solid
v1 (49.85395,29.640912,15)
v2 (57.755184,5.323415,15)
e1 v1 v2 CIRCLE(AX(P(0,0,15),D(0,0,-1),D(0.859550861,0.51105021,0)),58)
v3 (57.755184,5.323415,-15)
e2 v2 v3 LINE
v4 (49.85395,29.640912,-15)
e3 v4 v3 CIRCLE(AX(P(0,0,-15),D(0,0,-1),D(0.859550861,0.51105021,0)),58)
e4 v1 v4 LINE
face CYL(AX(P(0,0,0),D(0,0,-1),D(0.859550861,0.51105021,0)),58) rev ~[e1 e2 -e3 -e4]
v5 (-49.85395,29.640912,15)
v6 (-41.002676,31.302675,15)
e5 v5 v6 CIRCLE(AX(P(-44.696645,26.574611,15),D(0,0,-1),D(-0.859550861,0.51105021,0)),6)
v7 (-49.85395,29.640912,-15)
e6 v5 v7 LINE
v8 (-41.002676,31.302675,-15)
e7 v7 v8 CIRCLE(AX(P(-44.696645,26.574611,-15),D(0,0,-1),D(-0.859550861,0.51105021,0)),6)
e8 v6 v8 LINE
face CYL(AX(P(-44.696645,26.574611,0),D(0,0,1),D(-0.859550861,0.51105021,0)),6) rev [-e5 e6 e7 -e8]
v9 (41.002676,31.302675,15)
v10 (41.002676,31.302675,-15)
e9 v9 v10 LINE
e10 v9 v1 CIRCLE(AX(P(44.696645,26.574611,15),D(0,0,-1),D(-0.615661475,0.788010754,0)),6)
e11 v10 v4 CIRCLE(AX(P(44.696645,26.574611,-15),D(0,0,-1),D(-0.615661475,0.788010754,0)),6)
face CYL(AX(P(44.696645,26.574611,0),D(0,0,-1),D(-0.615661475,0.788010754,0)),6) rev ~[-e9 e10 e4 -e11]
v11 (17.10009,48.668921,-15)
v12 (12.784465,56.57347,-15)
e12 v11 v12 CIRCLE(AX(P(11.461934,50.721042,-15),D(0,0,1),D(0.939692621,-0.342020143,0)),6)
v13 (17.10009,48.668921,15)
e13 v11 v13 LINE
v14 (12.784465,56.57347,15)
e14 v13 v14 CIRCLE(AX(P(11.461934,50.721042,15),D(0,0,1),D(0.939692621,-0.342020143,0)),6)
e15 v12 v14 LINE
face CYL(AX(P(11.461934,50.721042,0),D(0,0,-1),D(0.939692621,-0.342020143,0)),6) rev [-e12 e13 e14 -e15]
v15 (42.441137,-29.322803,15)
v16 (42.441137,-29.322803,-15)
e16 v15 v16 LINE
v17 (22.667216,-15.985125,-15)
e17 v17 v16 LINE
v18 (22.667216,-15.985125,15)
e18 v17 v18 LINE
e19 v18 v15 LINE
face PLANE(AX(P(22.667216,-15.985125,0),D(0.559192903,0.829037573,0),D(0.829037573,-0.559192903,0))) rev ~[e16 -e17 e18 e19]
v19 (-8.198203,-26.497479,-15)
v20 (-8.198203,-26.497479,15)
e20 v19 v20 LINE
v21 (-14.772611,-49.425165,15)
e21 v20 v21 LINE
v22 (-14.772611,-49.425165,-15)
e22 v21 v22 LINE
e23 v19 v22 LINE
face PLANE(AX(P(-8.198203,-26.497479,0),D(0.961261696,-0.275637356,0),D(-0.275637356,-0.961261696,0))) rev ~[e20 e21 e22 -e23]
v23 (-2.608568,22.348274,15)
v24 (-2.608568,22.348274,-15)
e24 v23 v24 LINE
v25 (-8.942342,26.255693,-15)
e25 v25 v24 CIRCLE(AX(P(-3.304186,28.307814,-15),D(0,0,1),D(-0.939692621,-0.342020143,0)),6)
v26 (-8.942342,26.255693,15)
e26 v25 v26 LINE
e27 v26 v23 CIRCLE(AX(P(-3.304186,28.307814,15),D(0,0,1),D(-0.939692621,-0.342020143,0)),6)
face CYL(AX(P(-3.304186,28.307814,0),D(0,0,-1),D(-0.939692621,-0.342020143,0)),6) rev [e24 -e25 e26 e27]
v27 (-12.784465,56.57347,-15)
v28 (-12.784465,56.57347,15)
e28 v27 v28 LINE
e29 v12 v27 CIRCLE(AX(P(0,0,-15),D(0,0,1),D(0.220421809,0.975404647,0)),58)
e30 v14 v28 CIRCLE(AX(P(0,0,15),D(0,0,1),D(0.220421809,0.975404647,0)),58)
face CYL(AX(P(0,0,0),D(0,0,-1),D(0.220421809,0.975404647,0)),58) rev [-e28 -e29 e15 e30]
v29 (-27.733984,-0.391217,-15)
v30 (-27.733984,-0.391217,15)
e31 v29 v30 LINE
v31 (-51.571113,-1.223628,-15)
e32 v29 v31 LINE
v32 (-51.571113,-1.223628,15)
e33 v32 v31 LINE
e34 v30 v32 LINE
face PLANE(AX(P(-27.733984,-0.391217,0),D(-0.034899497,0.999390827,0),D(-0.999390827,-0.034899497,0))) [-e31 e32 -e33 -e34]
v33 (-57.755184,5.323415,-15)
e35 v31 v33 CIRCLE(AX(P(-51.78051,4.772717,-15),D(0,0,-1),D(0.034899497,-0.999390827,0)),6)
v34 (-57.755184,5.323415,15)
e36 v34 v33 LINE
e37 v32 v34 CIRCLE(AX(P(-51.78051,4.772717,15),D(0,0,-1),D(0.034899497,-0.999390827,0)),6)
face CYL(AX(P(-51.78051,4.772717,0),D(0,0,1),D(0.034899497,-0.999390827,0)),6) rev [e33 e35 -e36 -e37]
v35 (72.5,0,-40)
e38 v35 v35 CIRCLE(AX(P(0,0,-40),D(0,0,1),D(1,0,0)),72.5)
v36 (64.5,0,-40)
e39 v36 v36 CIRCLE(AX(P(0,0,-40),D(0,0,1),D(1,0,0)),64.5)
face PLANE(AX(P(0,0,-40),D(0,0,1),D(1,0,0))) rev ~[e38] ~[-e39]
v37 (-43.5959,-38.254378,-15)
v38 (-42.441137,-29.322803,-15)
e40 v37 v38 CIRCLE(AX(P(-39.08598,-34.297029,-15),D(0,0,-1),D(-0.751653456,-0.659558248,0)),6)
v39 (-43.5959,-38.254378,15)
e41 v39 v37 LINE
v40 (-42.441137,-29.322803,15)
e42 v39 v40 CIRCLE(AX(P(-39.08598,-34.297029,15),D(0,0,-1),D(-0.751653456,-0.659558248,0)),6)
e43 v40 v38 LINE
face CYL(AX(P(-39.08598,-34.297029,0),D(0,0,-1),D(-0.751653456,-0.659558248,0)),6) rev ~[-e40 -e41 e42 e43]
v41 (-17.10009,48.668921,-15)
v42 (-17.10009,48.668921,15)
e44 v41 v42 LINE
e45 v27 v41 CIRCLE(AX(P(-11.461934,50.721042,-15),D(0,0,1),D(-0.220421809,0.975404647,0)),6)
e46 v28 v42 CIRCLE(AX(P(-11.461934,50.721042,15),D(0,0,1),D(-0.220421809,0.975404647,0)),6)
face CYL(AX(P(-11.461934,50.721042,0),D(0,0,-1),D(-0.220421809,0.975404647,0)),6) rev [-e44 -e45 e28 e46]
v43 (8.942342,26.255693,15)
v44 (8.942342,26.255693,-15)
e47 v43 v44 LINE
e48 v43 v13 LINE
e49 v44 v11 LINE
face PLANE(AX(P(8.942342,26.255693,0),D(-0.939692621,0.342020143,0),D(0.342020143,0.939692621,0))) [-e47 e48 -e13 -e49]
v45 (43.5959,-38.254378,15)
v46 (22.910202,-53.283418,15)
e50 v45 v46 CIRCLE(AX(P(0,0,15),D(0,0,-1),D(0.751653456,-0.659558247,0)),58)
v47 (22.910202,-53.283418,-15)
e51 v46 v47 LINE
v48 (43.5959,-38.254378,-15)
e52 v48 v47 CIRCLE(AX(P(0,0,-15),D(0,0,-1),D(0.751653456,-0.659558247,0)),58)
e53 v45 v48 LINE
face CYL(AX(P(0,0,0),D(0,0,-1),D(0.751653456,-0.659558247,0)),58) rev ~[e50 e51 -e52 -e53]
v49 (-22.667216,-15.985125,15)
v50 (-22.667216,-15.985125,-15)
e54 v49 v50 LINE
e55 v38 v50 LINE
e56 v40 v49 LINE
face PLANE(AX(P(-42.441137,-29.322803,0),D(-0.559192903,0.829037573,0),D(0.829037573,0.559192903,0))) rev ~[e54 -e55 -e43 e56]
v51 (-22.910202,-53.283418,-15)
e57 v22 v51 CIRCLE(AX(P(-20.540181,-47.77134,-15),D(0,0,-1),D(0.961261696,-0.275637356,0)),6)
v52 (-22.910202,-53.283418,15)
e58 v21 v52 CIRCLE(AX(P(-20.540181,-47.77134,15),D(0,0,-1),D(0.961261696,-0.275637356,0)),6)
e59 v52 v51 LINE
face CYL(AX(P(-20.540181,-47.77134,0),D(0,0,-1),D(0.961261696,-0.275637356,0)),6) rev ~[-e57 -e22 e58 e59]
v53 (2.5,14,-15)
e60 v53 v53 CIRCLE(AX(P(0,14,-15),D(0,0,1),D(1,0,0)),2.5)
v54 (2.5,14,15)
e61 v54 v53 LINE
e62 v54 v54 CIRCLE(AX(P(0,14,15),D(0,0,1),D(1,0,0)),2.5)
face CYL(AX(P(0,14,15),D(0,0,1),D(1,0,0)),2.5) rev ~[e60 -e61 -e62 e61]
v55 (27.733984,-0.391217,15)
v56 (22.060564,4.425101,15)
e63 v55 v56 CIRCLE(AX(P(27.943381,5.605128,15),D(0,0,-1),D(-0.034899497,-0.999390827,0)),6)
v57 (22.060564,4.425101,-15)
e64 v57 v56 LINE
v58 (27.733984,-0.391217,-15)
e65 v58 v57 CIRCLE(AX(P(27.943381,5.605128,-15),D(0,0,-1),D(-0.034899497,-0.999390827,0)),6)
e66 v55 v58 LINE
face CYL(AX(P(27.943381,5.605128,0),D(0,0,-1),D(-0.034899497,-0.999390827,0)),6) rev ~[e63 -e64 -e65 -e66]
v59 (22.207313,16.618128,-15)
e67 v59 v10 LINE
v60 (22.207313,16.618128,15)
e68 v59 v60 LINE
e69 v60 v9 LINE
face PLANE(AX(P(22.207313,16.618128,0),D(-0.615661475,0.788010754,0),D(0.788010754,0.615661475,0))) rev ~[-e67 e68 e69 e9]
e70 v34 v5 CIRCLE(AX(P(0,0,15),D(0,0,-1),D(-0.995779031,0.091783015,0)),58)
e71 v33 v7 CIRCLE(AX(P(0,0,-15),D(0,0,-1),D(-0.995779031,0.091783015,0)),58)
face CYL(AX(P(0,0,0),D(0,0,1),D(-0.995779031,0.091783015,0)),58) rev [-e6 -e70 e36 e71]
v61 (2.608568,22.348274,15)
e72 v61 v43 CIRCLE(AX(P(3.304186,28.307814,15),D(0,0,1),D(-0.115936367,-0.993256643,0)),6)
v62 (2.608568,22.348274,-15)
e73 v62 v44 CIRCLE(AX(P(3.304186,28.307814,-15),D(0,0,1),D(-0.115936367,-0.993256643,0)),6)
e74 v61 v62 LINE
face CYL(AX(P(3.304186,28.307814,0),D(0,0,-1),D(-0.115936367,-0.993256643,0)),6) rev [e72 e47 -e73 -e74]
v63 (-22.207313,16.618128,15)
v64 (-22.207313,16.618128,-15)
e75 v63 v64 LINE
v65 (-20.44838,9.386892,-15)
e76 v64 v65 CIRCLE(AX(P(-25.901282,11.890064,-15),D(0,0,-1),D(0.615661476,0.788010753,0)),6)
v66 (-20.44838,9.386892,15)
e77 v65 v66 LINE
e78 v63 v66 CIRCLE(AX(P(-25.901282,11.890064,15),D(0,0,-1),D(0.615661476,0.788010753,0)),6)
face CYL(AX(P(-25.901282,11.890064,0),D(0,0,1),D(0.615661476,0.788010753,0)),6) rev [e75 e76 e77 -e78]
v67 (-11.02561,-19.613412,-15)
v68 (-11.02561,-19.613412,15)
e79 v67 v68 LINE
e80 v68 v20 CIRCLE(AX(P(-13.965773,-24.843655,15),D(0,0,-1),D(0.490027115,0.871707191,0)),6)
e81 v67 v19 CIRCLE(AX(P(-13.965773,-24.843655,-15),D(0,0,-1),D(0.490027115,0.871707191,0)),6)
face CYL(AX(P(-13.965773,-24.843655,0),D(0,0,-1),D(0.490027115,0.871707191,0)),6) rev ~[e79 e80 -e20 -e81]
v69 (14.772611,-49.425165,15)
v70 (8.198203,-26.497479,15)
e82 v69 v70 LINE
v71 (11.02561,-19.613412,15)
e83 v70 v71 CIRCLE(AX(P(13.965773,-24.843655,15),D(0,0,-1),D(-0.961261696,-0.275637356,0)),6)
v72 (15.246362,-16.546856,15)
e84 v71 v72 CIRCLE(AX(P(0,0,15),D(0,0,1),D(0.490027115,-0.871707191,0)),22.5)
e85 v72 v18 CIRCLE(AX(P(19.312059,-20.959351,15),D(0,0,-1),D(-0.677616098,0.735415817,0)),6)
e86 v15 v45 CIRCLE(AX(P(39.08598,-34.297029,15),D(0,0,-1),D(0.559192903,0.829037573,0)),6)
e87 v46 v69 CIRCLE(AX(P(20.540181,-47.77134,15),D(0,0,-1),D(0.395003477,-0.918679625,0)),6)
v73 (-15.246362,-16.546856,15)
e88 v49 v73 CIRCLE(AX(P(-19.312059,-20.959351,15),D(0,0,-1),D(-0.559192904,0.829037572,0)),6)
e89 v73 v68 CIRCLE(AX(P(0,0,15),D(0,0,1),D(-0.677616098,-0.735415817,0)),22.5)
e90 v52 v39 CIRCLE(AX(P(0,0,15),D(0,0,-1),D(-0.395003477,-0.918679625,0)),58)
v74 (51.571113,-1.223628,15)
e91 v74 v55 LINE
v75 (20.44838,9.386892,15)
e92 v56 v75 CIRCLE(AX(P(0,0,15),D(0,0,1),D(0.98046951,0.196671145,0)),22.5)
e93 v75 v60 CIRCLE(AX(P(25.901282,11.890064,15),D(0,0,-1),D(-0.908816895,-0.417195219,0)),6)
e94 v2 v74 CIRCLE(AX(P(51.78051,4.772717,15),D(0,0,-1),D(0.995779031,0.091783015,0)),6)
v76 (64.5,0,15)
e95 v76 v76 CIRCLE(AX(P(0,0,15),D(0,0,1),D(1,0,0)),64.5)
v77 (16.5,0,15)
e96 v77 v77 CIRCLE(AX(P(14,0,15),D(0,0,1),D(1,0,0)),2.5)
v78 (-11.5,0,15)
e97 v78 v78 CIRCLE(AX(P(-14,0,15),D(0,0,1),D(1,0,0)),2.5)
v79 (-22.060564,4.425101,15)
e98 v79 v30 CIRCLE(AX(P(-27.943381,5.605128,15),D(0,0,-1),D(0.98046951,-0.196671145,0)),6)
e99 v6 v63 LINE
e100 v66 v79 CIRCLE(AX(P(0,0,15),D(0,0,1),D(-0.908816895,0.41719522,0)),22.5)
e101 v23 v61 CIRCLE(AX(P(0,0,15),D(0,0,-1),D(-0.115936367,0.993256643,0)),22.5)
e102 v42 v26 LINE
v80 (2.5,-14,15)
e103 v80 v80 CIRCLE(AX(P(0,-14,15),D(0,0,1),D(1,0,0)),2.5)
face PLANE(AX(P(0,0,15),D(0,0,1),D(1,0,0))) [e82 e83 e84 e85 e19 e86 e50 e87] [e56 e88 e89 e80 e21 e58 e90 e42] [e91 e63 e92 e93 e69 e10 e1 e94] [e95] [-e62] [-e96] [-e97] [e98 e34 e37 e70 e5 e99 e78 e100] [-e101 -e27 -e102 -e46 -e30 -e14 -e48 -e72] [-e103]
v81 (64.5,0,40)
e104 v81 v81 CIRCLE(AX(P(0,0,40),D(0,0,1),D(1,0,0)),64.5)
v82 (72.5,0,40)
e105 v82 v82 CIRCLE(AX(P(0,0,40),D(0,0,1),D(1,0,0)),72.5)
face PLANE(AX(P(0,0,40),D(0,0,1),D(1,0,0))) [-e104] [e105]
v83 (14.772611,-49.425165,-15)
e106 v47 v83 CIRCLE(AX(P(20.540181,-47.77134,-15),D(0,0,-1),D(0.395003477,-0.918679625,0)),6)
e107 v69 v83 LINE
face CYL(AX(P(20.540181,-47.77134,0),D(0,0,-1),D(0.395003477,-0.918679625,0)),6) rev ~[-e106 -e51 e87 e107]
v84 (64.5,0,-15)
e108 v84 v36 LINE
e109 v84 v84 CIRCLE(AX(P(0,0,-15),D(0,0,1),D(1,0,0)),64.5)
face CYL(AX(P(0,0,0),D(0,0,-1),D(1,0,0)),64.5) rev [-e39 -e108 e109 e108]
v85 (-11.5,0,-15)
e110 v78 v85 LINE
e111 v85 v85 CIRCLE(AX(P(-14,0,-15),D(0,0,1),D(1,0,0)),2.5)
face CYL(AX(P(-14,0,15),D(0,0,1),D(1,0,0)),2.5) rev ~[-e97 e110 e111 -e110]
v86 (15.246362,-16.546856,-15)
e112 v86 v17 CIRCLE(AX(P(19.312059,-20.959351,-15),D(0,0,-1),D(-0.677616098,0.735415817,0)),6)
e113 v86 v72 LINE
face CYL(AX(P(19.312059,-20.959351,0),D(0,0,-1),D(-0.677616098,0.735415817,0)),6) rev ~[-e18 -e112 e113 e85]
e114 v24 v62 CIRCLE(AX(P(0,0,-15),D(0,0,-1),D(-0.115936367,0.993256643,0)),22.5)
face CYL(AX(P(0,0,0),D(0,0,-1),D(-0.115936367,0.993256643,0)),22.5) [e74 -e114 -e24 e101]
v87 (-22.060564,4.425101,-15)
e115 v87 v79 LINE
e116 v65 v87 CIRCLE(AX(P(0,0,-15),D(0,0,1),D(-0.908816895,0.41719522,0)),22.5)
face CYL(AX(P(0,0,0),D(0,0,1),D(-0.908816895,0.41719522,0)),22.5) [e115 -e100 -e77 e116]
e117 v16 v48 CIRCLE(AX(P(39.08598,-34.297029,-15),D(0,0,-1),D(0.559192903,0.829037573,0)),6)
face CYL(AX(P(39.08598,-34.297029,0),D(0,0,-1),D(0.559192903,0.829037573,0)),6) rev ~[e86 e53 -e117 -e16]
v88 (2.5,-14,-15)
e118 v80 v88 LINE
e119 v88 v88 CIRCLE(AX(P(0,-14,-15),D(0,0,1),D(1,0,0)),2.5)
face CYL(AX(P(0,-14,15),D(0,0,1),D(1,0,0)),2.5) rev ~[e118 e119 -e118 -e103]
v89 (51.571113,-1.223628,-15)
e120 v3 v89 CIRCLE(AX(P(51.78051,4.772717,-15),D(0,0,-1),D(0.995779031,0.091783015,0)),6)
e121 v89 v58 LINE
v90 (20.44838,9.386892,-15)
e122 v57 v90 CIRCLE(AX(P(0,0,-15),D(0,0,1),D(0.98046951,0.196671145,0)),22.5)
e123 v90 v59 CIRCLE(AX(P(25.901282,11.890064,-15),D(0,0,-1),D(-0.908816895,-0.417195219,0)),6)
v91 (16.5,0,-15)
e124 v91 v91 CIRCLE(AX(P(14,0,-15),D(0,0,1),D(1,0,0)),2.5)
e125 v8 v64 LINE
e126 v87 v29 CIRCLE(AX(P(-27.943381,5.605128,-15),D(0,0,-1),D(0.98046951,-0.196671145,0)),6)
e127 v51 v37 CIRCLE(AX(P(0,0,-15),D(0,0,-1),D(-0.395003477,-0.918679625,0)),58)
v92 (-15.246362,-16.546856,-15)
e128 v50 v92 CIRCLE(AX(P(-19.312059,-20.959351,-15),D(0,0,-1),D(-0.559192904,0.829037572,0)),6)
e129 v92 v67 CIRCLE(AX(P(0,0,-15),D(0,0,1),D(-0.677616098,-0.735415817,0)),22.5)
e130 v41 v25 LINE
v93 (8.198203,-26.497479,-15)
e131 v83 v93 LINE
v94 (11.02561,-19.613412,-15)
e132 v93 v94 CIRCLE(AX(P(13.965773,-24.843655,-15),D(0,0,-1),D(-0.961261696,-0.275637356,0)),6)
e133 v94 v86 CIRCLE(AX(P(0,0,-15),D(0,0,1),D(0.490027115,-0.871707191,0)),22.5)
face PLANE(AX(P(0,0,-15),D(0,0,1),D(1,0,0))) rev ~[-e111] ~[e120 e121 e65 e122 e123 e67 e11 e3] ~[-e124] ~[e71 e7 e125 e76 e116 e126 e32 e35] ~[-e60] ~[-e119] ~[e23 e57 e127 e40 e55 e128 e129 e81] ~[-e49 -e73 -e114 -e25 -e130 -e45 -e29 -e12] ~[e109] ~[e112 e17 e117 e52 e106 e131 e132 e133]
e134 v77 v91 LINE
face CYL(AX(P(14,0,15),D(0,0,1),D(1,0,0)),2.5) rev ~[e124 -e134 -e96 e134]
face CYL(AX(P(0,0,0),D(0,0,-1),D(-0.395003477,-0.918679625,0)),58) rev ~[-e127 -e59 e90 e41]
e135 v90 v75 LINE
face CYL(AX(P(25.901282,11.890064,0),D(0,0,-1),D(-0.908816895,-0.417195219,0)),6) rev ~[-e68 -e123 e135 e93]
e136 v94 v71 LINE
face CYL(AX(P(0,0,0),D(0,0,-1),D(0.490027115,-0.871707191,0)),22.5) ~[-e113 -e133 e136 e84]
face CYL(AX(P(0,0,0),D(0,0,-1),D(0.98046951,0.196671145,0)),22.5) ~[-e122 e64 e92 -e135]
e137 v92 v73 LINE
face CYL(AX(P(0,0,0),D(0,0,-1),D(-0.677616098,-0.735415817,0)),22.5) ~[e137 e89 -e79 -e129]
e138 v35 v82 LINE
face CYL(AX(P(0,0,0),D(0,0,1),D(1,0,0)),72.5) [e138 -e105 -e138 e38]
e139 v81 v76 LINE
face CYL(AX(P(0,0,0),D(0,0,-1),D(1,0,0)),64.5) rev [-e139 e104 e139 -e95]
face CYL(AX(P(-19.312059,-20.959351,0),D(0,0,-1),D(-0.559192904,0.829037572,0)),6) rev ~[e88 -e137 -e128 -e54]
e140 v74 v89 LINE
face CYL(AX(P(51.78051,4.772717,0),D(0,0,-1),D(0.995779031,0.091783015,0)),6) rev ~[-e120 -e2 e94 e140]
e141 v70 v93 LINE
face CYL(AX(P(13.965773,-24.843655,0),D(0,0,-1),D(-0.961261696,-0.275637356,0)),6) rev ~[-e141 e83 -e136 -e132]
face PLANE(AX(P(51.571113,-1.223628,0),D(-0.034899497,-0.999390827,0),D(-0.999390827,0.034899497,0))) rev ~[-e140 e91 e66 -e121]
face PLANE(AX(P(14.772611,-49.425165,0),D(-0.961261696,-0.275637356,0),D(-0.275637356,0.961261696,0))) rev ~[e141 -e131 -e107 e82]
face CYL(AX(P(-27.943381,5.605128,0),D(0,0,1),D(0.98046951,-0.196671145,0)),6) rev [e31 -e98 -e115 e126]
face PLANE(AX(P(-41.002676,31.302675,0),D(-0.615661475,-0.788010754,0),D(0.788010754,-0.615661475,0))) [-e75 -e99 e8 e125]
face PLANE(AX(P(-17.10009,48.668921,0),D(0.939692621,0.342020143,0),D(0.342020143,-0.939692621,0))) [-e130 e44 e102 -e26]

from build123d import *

# Parameters (mm, degrees)
SKETCH1_R           = 72.5
SKETCH1_R_2         = 64.5
BOSS_EXTRUDE1_DEPTH = 40
SKETCH4_R           = 64.5
BOSS_EXTRUDE3_DEPTH = 15
CUT_EXTRUDE1_DEPTH  = 15
SKETCH6_R           = 2.5
CUT_EXTRUDE2_DEPTH  = 30


with BuildPart() as part:
    # Sketch1 → Boss-Extrude1 (new, symmetric)
    with BuildSketch(Plane.XY):
        Circle(SKETCH1_R)
        Circle(SKETCH1_R_2, mode=Mode.SUBTRACT)
    extrude(amount=BOSS_EXTRUDE1_DEPTH, both=True)

    # Sketch4 → Boss-Extrude3 (add, symmetric)
    with BuildSketch(Plane.XY):
        Circle(SKETCH4_R)
    extrude(amount=BOSS_EXTRUDE3_DEPTH, both=True)

    # Sketch3 → Cut-Extrude1 (cut, symmetric)
    with BuildSketch(Plane.XY):
        with BuildLine():
            Line((8.942342186, 26.255693464), (17.100089792, 48.668920804))
            ThreePointArc((17.100089792, 48.668920804), (16.728172015, 53.596235201), (12.784464921, 56.573469548))
            ThreePointArc((12.784464921, 56.573469548), (0, 58), (-12.784464921, 56.573469548))
            ThreePointArc((-12.784464921, 56.573469548), (-16.728172015, 53.596235201), (-17.100089792, 48.668920804))
            Line((-17.100089792, 48.668920804), (-8.942342186, 26.255693464))
            ThreePointArc((-8.942342186, 26.255693464), (-6.454448371, 23.201362532), (-2.608568259, 22.348274467))
            ThreePointArc((-2.608568259, 22.348274467), (0, 22.5), (2.608568259, 22.348274467))
            ThreePointArc((2.608568259, 22.348274467), (6.454448371, 23.201362532), (8.942342186, 26.255693464))
        make_face()
        with BuildLine():
            Line((22.207312654, 16.618128287), (41.002675921, 31.302675452))
            ThreePointArc((41.002675921, 31.302675452), (45.803759299, 32.471584512), (49.853949939, 29.640912191))
            ThreePointArc((49.853949939, 29.640912191), (55.161277945, 17.922985674), (57.755183787, 5.323414851))
            ThreePointArc((57.755183787, 5.323414851), (56.142338174, 0.652710511), (51.571112622, -1.223628199))
            Line((51.571112622, -1.223628199), (27.733984064, -0.391217328))
            ThreePointArc((27.733984064, -0.391217328), (24.060341259, 1.031070133), (22.060563983, 4.425100764))
            ThreePointArc((22.060563983, 4.425100764), (21.398771617, 6.952882373), (20.448380136, 9.386892446))
            ThreePointArc((20.448380136, 9.386892446), (20.071272788, 13.308160497), (22.207312654, 16.618128287))
        make_face()
        with BuildLine():
            Line((22.667216205, -15.985125354), (42.44113714, -29.322803436))
            ThreePointArc((42.44113714, -29.322803436), (45.036452074, -33.527692304), (43.595900456, -38.254378356))
            ThreePointArc((43.595900456, -38.254378356), (34.091544633, -46.922985674), (22.910201686, -53.283418234))
            ThreePointArc((22.910201686, -53.283418234), (17.969701185, -53.19283792), (14.772610647, -49.42516462))
            Line((14.772610647, -49.42516462), (8.198202609, -26.49747907))
            ThreePointArc((8.198202609, -26.49747907), (8.415660309, -22.564126145), (11.025610093, -19.613411791))
            ThreePointArc((11.025610093, -19.613411791), (13.225168177, -18.202882373), (15.246362198, -16.546855886))
            ThreePointArc((15.246362198, -16.546855886), (18.859177151, -14.976467017), (22.667216205, -15.985125354))
        make_face()
        with BuildLine():
            Line((-8.198202609, -26.49747907), (-14.772610647, -49.42516462))
            ThreePointArc((-14.772610647, -49.42516462), (-17.969701185, -53.19283792), (-22.910201686, -53.283418234))
            ThreePointArc((-22.910201686, -53.283418234), (-34.091544633, -46.922985674), (-43.595900456, -38.254378356))
            ThreePointArc((-43.595900456, -38.254378356), (-45.036452074, -33.527692304), (-42.44113714, -29.322803436))
            Line((-42.44113714, -29.322803436), (-22.667216205, -15.985125354))
            ThreePointArc((-22.667216205, -15.985125354), (-18.859177151, -14.976467017), (-15.246362198, -16.546855886))
            ThreePointArc((-15.246362198, -16.546855886), (-13.225168177, -18.202882373), (-11.025610093, -19.613411791))
            ThreePointArc((-11.025610093, -19.613411791), (-8.415660309, -22.564126145), (-8.198202609, -26.49747907))
        make_face()
        with BuildLine():
            Line((-27.733984064, -0.391217328), (-51.571112622, -1.223628199))
            ThreePointArc((-51.571112622, -1.223628199), (-56.142338174, 0.652710511), (-57.755183787, 5.323414851))
            ThreePointArc((-57.755183787, 5.323414851), (-55.161277945, 17.922985674), (-49.853949939, 29.640912191))
            ThreePointArc((-49.853949939, 29.640912191), (-45.803759299, 32.471584512), (-41.002675921, 31.302675452))
            Line((-41.002675921, 31.302675452), (-22.207312654, 16.618128287))
            ThreePointArc((-22.207312654, 16.618128287), (-20.071272788, 13.308160497), (-20.448380136, 9.386892446))
            ThreePointArc((-20.448380136, 9.386892446), (-21.398771617, 6.952882373), (-22.060563983, 4.425100764))
            ThreePointArc((-22.060563983, 4.425100764), (-24.060341259, 1.031070133), (-27.733984064, -0.391217328))
        make_face()
    extrude(amount=CUT_EXTRUDE1_DEPTH, both=True, mode=Mode.SUBTRACT)

    # Sketch6 → Cut-Extrude2 (cut)
    with BuildSketch(Plane.XY.offset(15)):
        with Locations((0, 14)):
            Circle(SKETCH6_R)
        with Locations((14, 0)):
            Circle(SKETCH6_R)
        with Locations((0, -14)):
            Circle(SKETCH6_R)
        with Locations((-14, 0)):
            Circle(SKETCH6_R)
    extrude(amount=-CUT_EXTRUDE2_DEPTH, mode=Mode.SUBTRACT)


solid = part.part
